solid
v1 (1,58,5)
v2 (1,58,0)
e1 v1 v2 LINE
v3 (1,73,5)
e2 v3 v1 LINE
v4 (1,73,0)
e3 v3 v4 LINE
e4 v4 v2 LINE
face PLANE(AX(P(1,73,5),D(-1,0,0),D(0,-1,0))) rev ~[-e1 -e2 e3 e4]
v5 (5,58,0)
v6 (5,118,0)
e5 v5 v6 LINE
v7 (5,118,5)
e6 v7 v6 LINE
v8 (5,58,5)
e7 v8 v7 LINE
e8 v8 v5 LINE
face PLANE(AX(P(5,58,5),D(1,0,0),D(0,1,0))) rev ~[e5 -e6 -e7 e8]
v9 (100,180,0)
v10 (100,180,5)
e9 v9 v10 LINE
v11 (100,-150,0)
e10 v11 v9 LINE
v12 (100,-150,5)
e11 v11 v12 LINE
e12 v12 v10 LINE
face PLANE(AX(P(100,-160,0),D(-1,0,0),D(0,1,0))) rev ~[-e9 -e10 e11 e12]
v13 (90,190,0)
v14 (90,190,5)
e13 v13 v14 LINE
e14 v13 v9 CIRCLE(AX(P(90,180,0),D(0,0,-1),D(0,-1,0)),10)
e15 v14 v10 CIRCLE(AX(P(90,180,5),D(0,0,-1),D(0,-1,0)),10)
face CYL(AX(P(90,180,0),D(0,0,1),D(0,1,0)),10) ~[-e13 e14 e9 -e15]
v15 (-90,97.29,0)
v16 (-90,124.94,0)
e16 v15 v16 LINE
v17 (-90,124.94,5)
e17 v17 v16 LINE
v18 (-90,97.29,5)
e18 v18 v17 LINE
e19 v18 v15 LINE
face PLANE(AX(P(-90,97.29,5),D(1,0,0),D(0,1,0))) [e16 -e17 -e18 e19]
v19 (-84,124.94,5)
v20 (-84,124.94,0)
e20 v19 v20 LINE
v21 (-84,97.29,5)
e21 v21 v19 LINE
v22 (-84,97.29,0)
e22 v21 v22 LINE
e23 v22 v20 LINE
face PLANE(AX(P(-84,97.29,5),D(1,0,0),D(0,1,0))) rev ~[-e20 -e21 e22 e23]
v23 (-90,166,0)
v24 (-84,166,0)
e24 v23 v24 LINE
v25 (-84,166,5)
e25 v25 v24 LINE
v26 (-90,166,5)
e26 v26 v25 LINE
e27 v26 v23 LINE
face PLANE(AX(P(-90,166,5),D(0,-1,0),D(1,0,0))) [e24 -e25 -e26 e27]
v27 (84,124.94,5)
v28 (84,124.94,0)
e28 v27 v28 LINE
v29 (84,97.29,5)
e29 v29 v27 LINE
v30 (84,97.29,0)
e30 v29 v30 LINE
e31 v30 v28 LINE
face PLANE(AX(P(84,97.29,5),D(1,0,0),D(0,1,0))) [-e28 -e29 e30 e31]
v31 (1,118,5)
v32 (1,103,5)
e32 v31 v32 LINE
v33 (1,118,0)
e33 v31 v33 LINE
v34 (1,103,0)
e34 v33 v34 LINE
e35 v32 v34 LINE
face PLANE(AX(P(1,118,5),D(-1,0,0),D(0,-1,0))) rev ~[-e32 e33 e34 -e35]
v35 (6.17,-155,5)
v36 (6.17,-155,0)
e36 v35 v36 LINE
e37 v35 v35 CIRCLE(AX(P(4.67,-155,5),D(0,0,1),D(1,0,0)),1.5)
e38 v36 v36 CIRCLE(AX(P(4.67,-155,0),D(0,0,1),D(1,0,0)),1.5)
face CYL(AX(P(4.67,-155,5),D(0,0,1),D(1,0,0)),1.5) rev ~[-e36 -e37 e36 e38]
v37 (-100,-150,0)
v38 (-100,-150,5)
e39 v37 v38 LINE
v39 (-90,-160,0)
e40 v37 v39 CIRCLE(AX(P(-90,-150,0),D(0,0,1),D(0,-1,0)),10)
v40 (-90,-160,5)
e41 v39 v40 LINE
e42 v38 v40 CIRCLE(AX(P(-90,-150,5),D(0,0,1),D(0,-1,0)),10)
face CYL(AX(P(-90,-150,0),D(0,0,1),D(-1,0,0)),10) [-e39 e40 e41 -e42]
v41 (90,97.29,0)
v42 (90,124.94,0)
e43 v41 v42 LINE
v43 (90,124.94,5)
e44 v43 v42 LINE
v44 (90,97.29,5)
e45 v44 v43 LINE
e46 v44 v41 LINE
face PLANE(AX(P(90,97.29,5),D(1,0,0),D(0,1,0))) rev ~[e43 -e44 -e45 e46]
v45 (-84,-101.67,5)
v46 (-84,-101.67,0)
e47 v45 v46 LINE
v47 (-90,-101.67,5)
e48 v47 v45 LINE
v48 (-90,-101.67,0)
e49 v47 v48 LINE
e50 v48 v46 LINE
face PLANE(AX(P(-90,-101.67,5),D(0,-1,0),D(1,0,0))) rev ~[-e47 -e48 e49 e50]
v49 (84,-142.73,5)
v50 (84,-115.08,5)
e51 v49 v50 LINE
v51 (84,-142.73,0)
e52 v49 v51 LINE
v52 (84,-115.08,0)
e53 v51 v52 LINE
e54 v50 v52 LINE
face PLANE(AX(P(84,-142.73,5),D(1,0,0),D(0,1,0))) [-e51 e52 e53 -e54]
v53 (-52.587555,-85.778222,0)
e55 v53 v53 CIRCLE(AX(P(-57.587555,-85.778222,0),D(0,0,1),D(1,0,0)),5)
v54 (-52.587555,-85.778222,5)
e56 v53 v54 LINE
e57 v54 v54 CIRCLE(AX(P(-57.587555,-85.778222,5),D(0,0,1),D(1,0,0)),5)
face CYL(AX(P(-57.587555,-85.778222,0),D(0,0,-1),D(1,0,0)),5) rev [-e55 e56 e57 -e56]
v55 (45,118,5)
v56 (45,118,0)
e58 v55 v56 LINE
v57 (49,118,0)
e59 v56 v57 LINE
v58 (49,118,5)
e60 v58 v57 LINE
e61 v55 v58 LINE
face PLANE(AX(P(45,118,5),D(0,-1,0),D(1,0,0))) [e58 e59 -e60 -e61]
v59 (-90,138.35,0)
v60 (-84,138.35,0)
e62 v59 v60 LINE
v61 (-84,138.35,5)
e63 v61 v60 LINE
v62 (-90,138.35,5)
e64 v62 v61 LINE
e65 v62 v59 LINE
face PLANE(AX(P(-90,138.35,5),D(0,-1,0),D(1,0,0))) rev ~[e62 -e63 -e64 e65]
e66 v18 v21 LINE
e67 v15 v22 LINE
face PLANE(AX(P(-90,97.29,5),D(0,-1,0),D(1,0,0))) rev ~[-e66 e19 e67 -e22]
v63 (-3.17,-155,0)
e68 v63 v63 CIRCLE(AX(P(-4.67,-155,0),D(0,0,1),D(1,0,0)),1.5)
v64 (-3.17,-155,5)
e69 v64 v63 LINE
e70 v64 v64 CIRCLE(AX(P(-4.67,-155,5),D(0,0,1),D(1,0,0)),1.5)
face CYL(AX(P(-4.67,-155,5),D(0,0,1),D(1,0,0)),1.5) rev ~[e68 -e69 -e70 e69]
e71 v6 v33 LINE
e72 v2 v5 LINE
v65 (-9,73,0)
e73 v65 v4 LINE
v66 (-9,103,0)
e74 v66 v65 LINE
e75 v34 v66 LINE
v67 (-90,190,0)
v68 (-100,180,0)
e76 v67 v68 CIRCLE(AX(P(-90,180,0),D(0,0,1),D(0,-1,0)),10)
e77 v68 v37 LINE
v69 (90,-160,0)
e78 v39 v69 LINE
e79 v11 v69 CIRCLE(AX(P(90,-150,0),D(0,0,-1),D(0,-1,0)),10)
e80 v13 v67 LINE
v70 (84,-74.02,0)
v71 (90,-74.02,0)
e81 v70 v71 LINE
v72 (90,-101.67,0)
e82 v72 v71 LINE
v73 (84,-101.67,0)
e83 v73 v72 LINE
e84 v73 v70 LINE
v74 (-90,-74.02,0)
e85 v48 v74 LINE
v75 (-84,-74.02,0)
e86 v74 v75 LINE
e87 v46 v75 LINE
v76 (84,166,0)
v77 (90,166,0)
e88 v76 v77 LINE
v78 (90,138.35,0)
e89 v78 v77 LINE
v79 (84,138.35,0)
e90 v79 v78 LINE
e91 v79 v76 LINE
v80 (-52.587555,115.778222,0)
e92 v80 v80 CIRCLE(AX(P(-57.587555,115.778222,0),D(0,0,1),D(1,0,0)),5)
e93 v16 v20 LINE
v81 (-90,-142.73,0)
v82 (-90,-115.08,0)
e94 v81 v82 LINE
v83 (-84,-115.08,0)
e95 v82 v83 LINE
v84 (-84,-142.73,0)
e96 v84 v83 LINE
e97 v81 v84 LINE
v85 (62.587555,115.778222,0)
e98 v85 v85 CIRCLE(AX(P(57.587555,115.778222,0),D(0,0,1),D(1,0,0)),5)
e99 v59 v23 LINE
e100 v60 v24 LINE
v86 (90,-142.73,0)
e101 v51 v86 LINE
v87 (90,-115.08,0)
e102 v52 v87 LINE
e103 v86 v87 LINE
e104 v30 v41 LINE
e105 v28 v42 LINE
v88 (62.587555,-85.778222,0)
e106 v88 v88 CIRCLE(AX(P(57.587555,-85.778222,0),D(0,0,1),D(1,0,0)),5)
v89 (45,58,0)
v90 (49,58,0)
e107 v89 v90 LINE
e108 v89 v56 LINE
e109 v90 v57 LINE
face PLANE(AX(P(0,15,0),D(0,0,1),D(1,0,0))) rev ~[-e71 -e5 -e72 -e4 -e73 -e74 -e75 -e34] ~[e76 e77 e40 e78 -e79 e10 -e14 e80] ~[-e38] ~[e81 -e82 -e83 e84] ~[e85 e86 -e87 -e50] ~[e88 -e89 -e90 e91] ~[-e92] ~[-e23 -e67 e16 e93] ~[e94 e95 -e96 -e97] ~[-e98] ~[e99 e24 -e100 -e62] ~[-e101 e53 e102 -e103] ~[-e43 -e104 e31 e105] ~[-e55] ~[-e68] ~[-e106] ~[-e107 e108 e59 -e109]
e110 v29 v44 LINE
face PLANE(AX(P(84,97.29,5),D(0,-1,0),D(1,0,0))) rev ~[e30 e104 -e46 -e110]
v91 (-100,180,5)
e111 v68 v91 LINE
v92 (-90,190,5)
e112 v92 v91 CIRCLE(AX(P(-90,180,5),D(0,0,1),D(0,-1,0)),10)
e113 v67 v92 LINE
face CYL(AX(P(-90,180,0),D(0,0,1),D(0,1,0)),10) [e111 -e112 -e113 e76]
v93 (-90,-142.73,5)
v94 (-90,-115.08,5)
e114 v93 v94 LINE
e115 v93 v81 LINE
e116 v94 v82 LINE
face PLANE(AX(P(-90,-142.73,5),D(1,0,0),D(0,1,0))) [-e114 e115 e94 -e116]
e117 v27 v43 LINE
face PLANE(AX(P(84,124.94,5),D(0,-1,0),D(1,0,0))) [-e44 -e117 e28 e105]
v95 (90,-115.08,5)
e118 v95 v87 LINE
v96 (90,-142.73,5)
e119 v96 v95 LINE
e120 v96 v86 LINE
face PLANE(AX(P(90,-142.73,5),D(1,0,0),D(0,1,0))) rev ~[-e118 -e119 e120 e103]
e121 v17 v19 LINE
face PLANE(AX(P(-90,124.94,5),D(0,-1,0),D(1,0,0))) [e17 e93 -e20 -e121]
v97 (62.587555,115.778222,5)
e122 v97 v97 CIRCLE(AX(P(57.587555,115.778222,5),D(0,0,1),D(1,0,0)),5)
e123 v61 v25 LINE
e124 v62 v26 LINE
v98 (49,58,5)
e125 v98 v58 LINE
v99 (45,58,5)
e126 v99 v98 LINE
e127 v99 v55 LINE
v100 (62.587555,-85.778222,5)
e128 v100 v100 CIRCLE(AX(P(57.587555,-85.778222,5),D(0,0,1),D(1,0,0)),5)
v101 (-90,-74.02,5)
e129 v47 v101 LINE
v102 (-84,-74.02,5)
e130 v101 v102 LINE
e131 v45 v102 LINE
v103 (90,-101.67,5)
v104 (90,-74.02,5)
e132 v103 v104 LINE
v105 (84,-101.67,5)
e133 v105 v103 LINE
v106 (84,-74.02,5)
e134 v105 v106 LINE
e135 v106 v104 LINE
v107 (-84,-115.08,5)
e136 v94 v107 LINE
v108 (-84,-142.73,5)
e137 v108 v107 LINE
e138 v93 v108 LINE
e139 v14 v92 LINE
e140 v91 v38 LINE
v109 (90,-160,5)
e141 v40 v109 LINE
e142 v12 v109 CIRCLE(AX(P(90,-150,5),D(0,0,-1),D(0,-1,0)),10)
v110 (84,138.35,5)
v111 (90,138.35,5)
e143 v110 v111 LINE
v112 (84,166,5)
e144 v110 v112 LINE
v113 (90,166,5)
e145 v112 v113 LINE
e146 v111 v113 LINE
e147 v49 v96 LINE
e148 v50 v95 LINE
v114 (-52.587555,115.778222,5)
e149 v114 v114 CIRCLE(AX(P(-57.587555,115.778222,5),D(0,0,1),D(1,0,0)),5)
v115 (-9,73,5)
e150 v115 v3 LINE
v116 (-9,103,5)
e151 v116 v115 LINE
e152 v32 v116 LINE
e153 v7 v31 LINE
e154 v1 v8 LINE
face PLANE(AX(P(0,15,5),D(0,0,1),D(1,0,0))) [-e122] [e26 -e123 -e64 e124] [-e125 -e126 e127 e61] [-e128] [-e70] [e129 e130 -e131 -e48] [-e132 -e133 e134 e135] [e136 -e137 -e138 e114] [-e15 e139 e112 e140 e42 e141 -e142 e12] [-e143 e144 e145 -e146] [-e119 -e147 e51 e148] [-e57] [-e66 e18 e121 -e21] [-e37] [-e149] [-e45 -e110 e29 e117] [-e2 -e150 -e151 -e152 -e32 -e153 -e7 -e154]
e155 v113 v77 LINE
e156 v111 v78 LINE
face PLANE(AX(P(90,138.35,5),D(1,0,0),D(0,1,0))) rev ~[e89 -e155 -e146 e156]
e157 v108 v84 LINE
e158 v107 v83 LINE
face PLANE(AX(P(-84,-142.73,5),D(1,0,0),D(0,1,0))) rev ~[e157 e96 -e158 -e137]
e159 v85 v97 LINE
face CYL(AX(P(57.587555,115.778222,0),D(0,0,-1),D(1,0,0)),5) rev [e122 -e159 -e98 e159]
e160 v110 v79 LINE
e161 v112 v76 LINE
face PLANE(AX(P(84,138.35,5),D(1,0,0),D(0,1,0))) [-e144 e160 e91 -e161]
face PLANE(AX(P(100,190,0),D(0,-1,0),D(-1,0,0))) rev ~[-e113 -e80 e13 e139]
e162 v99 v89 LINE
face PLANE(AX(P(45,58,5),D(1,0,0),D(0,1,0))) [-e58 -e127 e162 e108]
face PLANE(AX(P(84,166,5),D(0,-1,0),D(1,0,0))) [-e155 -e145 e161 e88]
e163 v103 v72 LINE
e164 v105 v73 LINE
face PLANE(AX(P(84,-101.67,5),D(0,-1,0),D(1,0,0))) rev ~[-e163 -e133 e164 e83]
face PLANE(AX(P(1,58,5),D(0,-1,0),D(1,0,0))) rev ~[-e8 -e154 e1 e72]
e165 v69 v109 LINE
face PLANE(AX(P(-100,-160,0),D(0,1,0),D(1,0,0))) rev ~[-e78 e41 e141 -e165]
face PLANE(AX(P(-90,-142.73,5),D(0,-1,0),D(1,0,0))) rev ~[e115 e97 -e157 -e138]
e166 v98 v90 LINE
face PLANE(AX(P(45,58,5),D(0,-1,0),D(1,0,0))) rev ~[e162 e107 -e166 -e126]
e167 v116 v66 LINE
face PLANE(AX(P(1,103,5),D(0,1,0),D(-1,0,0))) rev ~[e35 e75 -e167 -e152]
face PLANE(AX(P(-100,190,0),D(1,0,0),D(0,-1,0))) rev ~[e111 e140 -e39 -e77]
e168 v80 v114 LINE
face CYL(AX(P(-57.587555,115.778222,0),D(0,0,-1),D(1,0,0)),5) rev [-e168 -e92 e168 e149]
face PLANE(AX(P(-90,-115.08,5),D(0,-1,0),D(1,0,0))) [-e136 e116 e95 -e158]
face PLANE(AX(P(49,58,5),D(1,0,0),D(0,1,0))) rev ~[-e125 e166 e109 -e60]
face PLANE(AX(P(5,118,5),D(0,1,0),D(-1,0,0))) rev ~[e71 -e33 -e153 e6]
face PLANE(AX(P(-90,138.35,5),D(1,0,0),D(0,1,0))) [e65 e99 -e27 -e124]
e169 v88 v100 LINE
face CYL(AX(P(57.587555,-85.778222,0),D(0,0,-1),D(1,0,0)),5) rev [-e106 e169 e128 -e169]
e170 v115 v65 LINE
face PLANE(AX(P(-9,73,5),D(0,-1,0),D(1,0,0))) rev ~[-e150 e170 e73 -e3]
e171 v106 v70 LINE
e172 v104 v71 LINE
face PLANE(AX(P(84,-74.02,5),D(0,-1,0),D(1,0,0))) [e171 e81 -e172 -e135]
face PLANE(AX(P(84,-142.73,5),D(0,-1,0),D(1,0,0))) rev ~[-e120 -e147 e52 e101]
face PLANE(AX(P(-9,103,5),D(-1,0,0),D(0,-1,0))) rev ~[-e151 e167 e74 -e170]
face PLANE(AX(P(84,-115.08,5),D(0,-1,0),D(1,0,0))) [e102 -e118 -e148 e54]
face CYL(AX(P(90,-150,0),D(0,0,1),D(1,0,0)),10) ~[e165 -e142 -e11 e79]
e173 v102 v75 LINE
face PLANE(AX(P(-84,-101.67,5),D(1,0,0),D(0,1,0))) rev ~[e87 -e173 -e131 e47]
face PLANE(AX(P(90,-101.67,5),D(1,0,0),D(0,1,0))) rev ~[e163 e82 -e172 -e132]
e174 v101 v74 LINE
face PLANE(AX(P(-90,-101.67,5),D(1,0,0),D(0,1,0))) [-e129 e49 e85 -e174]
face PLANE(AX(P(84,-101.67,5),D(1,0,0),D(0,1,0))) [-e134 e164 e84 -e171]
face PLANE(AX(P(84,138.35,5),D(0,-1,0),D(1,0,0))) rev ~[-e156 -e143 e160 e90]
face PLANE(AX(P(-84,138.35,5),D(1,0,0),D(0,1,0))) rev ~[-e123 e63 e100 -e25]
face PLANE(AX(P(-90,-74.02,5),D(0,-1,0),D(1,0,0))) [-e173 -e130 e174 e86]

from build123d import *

# Parameters (mm, degrees)
SKETCH1_R           = 5
BOSS_EXTRUDE1_DEPTH = 5
SKETCH4_W           = 4
SKETCH4_H           = 60
CUT_EXTRUDE1_DEPTH  = 10
SKETCH5_R           = 1.5
SKETCH5_W           = 6
SKETCH5_H           = 27.65
CUT_EXTRUDE2_DEPTH  = 6
FILLET1_R           = 10


with BuildPart() as part:
    # Sketch1 → Boss-Extrude1 (new body)
    with BuildSketch(Plane.XY):
        Polygon((100, 190), (-100, 190), (-100, -90), (-100, -160), (100, -160), (100, -90), align=None)
        with Locations((-57.587555345, 115.778221854)):
            Circle(SKETCH1_R, mode=Mode.SUBTRACT)
        with Locations((57.587555345, 115.778221854)):
            Circle(SKETCH1_R, mode=Mode.SUBTRACT)
        with Locations((57.587555345, -85.778221854)):
            Circle(SKETCH1_R, mode=Mode.SUBTRACT)
        with Locations((-57.587555345, -85.778221854)):
            Circle(SKETCH1_R, mode=Mode.SUBTRACT)
    extrude(amount=BOSS_EXTRUDE1_DEPTH)

    # Sketch4 → Cut-Extrude1 (cut)
    with BuildSketch(Plane.XY.offset(5)):
        Polygon((1, 73), (1, 58), (5, 58), (5, 118), (1, 118), (1, 103), (-9, 103), (-9, 73), align=None)
        with Locations((47, 88)):
            Rectangle(SKETCH4_W, SKETCH4_H)
    extrude(amount=-CUT_EXTRUDE1_DEPTH, mode=Mode.SUBTRACT)

    # Sketch5 → Cut-Extrude2 (cut, through all)
    with BuildSketch(Plane.XY.offset(5)):
        with Locations((4.67, -155)):
            Circle(SKETCH5_R)
        with Locations((-4.67, -155)):
            Circle(SKETCH5_R)
        with Locations((-87, 152.175)):
            Rectangle(SKETCH5_W, SKETCH5_H)
        with Locations((-87, 111.115)):
            Rectangle(SKETCH5_W, SKETCH5_H)
        with Locations((-87, -87.845)):
            Rectangle(SKETCH5_W, SKETCH5_H)
        with Locations((-87, -128.905)):
            Rectangle(SKETCH5_W, SKETCH5_H)
        with Locations((87, -87.845)):
            Rectangle(SKETCH5_W, SKETCH5_H)
        with Locations((87, -128.905)):
            Rectangle(SKETCH5_W, SKETCH5_H)
        with Locations((87, 152.175)):
            Rectangle(SKETCH5_W, SKETCH5_H)
        with Locations((87, 111.115)):
            Rectangle(SKETCH5_W, SKETCH5_H)
    extrude(amount=-CUT_EXTRUDE2_DEPTH, mode=Mode.SUBTRACT)

    # Fillet1
    fillet1_edges = [part.edges().sort_by_distance(p)[0] for p in [
        (-100, 190, 2.5),
        (100, 190, 2.5),
        (100, -160, 2.5),
        (-100, -160, 2.5),
    ]]
    fillet(fillet1_edges, radius=FILLET1_R)


solid = part.part
